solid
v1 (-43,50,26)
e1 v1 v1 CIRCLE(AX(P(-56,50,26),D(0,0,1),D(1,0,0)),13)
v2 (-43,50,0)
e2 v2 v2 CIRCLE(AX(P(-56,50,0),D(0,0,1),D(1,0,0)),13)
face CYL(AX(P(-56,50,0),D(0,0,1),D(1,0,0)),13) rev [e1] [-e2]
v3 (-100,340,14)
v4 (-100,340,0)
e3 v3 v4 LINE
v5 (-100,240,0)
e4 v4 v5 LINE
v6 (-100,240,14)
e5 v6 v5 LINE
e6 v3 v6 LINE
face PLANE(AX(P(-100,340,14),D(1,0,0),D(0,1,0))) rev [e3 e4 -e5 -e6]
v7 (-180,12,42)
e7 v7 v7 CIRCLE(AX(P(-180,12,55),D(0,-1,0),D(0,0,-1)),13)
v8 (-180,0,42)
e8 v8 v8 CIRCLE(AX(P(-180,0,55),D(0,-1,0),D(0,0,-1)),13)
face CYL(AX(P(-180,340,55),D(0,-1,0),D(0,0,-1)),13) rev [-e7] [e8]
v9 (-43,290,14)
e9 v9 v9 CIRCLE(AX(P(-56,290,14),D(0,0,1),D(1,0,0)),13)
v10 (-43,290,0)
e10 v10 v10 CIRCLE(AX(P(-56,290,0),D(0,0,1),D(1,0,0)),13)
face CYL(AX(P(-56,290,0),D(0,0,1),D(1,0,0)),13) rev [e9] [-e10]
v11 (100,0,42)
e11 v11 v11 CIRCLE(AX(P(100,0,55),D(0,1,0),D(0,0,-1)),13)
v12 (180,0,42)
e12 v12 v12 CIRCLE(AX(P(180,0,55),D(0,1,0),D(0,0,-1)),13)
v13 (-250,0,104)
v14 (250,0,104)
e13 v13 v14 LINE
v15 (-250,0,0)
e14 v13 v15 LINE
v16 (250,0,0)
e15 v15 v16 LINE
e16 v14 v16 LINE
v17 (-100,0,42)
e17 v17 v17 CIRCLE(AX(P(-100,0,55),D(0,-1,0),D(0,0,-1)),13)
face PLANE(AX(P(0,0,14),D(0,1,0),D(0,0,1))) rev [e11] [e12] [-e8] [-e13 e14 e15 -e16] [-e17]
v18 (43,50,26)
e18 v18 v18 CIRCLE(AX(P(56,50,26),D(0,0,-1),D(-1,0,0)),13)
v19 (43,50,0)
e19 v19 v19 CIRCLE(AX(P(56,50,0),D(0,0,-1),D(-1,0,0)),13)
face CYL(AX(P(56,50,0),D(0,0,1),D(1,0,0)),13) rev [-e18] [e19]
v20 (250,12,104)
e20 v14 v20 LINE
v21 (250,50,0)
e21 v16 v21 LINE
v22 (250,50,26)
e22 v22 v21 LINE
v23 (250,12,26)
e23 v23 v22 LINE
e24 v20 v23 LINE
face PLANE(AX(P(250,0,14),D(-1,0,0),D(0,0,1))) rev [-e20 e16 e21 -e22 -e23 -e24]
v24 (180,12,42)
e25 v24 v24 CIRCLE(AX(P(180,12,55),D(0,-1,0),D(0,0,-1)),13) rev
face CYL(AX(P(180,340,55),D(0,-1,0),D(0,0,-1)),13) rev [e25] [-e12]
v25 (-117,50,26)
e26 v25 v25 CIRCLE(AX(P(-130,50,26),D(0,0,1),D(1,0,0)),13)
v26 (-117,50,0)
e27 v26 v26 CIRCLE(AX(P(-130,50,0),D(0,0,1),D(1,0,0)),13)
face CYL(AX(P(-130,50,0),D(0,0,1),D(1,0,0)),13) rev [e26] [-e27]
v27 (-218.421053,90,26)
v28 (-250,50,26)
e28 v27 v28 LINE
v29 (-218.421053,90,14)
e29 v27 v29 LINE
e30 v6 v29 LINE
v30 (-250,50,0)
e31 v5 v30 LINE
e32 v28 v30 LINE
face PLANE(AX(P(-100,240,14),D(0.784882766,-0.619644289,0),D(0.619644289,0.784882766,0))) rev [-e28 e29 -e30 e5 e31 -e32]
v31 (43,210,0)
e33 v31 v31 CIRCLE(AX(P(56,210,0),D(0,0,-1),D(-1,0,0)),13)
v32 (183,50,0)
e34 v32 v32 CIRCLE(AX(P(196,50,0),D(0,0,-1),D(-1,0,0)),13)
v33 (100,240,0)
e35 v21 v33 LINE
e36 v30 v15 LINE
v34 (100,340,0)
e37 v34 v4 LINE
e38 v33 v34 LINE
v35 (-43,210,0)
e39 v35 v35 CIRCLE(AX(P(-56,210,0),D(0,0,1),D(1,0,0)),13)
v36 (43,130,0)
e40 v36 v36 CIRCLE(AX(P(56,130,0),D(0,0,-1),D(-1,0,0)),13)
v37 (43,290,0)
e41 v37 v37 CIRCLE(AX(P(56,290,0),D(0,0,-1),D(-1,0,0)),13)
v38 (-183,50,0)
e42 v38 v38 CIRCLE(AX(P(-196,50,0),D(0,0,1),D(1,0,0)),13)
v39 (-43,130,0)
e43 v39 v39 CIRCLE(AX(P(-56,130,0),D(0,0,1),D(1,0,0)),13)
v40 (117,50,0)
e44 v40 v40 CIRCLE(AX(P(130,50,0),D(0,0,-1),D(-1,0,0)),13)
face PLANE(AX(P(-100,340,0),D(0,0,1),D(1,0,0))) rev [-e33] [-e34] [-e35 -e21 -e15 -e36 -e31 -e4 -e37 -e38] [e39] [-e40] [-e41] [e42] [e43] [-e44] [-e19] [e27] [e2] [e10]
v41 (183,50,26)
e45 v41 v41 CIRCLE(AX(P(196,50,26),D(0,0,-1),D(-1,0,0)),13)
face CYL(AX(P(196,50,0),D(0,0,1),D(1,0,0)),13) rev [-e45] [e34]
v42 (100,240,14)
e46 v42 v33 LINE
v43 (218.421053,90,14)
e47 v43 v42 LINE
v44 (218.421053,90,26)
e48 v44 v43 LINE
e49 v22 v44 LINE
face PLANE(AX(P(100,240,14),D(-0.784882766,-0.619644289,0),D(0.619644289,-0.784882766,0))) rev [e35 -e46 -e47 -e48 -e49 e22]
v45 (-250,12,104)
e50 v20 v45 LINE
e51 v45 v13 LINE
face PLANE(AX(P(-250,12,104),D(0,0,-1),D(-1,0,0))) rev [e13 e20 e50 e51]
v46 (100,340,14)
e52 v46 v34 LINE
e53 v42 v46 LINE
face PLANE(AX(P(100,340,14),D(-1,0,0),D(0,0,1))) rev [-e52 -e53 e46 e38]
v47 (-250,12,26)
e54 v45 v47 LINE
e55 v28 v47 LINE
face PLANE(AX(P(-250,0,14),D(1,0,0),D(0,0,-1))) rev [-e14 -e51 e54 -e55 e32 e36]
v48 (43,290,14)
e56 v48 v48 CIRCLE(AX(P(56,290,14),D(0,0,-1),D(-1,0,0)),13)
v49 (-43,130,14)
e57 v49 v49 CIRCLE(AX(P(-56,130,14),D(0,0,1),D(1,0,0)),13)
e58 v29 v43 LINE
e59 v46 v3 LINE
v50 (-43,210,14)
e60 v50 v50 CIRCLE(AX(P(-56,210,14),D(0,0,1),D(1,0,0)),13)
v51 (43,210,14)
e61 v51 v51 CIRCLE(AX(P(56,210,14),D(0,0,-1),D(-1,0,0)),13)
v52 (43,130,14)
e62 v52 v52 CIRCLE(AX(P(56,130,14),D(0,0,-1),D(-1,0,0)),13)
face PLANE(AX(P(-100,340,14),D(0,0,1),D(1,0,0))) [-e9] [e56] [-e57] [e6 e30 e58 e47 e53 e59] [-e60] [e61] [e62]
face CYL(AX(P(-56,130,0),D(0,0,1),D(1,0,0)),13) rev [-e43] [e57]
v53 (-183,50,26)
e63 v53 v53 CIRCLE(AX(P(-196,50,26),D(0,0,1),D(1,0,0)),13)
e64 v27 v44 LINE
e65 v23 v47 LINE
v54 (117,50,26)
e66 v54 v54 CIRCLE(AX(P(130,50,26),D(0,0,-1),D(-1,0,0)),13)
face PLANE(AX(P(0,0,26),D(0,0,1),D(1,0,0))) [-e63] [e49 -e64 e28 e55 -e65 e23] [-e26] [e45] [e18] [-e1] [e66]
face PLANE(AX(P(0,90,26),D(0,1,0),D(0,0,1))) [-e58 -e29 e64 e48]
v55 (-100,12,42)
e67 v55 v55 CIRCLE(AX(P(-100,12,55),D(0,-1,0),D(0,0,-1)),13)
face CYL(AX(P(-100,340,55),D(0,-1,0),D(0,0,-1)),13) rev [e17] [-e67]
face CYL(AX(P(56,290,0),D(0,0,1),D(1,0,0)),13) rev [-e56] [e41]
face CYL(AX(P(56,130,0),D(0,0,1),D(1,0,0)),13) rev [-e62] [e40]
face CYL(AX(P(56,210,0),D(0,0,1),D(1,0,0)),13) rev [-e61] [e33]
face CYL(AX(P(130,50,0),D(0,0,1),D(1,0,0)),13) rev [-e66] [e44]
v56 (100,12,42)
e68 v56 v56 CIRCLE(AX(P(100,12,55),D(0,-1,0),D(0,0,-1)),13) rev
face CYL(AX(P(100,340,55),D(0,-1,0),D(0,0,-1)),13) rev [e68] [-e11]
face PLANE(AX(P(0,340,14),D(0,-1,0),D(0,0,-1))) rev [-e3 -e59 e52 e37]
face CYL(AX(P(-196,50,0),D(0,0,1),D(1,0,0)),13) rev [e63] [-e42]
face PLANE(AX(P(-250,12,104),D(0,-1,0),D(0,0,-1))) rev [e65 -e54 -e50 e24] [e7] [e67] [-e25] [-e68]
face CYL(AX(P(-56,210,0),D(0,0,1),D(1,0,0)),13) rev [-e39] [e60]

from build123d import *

# Parameters (mm, degrees)
EXTRUDE_1_DEPTH          = 14
SKETCH_3_R               = 13
CUT_EXTRUDE_1_DEPTH      = 423.251110123
PATTERN_LINEAR_1_COUNT   = 3
PATTERN_LINEAR_1_PITCH   = 80
MIRROR_1_COPY_1_SKETCH_R = 13
MIRROR_1_COPY_1_DEPTH    = 423.251110123
MIRROR_1_COPY_2_SKETCH_R = 13
MIRROR_1_COPY_2_DEPTH    = 423.251110123
EXTRUDE_2_DEPTH          = 12
SKETCH_7_R               = 13
CUT_EXTRUDE_2_DEPTH      = 423.819110259
SKETCH_8_W               = 500
SKETCH_8_H               = 12
EXTRUDE_5_DEPTH          = 78
SKETCH_9_R               = 13
CUT_EXTRUDE_3_DEPTH      = 435.644682471


with BuildPart() as part:
    # 草图1 → 凸台-拉伸1 (new body)
    with BuildSketch(Plane.XY):
        Polygon((0, 0), (250, 0), (250, 50), (100, 240), (100, 340), (0, 340), (-100, 340), (-100, 240), (-250, 50), (-250, 0), align=None)
    extrude(amount=EXTRUDE_1_DEPTH)

    # 草图3 → 切除-拉伸1 (cut, through all)
    with BuildSketch(Plane.XY.offset(14)):
        with Locations((-56, 290)):
            Circle(SKETCH_3_R)
    cut_extrude_1 = extrude(amount=-CUT_EXTRUDE_1_DEPTH, mode=Mode.SUBTRACT)

    # 阵列(线性)1: 切除-拉伸1 ×3
    with Locations(*[(0, -i * PATTERN_LINEAR_1_PITCH, 0) for i in range(1, PATTERN_LINEAR_1_COUNT)]):
        add(cut_extrude_1, mode=Mode.SUBTRACT)

    # 镜向1: 切除-拉伸1 across plane
    add(cut_extrude_1.mirror(Plane(origin=(0, 0, 0), x_dir=(0, 0, 1), z_dir=(1, 0, 0))), mode=Mode.SUBTRACT)

    # 镜向1 copy 1 sketch → 镜向1 copy 1 (cut, through all)
    with BuildSketch(Plane(origin=(0, -80, 14), x_dir=(-1, 0, 0), z_dir=(0, 0, 1))):
        with Locations((-56, -290)):
            Circle(MIRROR_1_COPY_1_SKETCH_R)
    extrude(amount=-MIRROR_1_COPY_1_DEPTH, mode=Mode.SUBTRACT)

    # 镜向1 copy 2 sketch → 镜向1 copy 2 (cut, through all)
    with BuildSketch(Plane(origin=(0, -160, 14), x_dir=(-1, 0, 0), z_dir=(0, 0, 1))):
        with Locations((-56, -290)):
            Circle(MIRROR_1_COPY_2_SKETCH_R)
    extrude(amount=-MIRROR_1_COPY_2_DEPTH, mode=Mode.SUBTRACT)

    # 草图6 → 凸台-拉伸2 (add)
    with BuildSketch(Plane.XY.offset(14)):
        Polygon((218.421052632, 90), (-218.421052632, 90), (-250, 50), (-250, 0), (250, 0), (250, 50), align=None)
    extrude(amount=EXTRUDE_2_DEPTH)

    # 草图7 → 切除-拉伸2 (cut, through all)
    with BuildSketch(Plane.XY.offset(26)):
        with Locations((-56, 50)):
            Circle(SKETCH_7_R)
        with Locations((-130, 50)):
            Circle(SKETCH_7_R)
        with Locations((-196, 50)):
            Circle(SKETCH_7_R)
    cut_extrude_2 = extrude(amount=-CUT_EXTRUDE_2_DEPTH, mode=Mode.SUBTRACT)

    # 镜向2: 切除-拉伸2 across plane
    add(cut_extrude_2.mirror(Plane(origin=(0, 0, 0), x_dir=(0, 0, 1), z_dir=(1, 0, 0))), mode=Mode.SUBTRACT)

    # 草图8 → 凸台-拉伸5 (add)
    with BuildSketch(Plane.XY.offset(26)):
        with Locations((0, 6)):
            Rectangle(SKETCH_8_W, SKETCH_8_H)
    extrude(amount=EXTRUDE_5_DEPTH)

    # 草图9 → 切除-拉伸3 (cut, through all)
    with BuildSketch(Plane.XZ):
        with Locations(Location((-180, 55, 0), (0, 0, 270))):
            Circle(SKETCH_9_R)
        with Locations(Location((-100, 55, 0), (0, 0, 270))):
            Circle(SKETCH_9_R)
    cut_extrude_3 = extrude(amount=-CUT_EXTRUDE_3_DEPTH, mode=Mode.SUBTRACT)

    # 镜向3: 切除-拉伸3 across plane
    add(cut_extrude_3.mirror(Plane(origin=(0, 0, 0), x_dir=(0, 0, 1), z_dir=(1, 0, 0))), mode=Mode.SUBTRACT)


solid = part.part
